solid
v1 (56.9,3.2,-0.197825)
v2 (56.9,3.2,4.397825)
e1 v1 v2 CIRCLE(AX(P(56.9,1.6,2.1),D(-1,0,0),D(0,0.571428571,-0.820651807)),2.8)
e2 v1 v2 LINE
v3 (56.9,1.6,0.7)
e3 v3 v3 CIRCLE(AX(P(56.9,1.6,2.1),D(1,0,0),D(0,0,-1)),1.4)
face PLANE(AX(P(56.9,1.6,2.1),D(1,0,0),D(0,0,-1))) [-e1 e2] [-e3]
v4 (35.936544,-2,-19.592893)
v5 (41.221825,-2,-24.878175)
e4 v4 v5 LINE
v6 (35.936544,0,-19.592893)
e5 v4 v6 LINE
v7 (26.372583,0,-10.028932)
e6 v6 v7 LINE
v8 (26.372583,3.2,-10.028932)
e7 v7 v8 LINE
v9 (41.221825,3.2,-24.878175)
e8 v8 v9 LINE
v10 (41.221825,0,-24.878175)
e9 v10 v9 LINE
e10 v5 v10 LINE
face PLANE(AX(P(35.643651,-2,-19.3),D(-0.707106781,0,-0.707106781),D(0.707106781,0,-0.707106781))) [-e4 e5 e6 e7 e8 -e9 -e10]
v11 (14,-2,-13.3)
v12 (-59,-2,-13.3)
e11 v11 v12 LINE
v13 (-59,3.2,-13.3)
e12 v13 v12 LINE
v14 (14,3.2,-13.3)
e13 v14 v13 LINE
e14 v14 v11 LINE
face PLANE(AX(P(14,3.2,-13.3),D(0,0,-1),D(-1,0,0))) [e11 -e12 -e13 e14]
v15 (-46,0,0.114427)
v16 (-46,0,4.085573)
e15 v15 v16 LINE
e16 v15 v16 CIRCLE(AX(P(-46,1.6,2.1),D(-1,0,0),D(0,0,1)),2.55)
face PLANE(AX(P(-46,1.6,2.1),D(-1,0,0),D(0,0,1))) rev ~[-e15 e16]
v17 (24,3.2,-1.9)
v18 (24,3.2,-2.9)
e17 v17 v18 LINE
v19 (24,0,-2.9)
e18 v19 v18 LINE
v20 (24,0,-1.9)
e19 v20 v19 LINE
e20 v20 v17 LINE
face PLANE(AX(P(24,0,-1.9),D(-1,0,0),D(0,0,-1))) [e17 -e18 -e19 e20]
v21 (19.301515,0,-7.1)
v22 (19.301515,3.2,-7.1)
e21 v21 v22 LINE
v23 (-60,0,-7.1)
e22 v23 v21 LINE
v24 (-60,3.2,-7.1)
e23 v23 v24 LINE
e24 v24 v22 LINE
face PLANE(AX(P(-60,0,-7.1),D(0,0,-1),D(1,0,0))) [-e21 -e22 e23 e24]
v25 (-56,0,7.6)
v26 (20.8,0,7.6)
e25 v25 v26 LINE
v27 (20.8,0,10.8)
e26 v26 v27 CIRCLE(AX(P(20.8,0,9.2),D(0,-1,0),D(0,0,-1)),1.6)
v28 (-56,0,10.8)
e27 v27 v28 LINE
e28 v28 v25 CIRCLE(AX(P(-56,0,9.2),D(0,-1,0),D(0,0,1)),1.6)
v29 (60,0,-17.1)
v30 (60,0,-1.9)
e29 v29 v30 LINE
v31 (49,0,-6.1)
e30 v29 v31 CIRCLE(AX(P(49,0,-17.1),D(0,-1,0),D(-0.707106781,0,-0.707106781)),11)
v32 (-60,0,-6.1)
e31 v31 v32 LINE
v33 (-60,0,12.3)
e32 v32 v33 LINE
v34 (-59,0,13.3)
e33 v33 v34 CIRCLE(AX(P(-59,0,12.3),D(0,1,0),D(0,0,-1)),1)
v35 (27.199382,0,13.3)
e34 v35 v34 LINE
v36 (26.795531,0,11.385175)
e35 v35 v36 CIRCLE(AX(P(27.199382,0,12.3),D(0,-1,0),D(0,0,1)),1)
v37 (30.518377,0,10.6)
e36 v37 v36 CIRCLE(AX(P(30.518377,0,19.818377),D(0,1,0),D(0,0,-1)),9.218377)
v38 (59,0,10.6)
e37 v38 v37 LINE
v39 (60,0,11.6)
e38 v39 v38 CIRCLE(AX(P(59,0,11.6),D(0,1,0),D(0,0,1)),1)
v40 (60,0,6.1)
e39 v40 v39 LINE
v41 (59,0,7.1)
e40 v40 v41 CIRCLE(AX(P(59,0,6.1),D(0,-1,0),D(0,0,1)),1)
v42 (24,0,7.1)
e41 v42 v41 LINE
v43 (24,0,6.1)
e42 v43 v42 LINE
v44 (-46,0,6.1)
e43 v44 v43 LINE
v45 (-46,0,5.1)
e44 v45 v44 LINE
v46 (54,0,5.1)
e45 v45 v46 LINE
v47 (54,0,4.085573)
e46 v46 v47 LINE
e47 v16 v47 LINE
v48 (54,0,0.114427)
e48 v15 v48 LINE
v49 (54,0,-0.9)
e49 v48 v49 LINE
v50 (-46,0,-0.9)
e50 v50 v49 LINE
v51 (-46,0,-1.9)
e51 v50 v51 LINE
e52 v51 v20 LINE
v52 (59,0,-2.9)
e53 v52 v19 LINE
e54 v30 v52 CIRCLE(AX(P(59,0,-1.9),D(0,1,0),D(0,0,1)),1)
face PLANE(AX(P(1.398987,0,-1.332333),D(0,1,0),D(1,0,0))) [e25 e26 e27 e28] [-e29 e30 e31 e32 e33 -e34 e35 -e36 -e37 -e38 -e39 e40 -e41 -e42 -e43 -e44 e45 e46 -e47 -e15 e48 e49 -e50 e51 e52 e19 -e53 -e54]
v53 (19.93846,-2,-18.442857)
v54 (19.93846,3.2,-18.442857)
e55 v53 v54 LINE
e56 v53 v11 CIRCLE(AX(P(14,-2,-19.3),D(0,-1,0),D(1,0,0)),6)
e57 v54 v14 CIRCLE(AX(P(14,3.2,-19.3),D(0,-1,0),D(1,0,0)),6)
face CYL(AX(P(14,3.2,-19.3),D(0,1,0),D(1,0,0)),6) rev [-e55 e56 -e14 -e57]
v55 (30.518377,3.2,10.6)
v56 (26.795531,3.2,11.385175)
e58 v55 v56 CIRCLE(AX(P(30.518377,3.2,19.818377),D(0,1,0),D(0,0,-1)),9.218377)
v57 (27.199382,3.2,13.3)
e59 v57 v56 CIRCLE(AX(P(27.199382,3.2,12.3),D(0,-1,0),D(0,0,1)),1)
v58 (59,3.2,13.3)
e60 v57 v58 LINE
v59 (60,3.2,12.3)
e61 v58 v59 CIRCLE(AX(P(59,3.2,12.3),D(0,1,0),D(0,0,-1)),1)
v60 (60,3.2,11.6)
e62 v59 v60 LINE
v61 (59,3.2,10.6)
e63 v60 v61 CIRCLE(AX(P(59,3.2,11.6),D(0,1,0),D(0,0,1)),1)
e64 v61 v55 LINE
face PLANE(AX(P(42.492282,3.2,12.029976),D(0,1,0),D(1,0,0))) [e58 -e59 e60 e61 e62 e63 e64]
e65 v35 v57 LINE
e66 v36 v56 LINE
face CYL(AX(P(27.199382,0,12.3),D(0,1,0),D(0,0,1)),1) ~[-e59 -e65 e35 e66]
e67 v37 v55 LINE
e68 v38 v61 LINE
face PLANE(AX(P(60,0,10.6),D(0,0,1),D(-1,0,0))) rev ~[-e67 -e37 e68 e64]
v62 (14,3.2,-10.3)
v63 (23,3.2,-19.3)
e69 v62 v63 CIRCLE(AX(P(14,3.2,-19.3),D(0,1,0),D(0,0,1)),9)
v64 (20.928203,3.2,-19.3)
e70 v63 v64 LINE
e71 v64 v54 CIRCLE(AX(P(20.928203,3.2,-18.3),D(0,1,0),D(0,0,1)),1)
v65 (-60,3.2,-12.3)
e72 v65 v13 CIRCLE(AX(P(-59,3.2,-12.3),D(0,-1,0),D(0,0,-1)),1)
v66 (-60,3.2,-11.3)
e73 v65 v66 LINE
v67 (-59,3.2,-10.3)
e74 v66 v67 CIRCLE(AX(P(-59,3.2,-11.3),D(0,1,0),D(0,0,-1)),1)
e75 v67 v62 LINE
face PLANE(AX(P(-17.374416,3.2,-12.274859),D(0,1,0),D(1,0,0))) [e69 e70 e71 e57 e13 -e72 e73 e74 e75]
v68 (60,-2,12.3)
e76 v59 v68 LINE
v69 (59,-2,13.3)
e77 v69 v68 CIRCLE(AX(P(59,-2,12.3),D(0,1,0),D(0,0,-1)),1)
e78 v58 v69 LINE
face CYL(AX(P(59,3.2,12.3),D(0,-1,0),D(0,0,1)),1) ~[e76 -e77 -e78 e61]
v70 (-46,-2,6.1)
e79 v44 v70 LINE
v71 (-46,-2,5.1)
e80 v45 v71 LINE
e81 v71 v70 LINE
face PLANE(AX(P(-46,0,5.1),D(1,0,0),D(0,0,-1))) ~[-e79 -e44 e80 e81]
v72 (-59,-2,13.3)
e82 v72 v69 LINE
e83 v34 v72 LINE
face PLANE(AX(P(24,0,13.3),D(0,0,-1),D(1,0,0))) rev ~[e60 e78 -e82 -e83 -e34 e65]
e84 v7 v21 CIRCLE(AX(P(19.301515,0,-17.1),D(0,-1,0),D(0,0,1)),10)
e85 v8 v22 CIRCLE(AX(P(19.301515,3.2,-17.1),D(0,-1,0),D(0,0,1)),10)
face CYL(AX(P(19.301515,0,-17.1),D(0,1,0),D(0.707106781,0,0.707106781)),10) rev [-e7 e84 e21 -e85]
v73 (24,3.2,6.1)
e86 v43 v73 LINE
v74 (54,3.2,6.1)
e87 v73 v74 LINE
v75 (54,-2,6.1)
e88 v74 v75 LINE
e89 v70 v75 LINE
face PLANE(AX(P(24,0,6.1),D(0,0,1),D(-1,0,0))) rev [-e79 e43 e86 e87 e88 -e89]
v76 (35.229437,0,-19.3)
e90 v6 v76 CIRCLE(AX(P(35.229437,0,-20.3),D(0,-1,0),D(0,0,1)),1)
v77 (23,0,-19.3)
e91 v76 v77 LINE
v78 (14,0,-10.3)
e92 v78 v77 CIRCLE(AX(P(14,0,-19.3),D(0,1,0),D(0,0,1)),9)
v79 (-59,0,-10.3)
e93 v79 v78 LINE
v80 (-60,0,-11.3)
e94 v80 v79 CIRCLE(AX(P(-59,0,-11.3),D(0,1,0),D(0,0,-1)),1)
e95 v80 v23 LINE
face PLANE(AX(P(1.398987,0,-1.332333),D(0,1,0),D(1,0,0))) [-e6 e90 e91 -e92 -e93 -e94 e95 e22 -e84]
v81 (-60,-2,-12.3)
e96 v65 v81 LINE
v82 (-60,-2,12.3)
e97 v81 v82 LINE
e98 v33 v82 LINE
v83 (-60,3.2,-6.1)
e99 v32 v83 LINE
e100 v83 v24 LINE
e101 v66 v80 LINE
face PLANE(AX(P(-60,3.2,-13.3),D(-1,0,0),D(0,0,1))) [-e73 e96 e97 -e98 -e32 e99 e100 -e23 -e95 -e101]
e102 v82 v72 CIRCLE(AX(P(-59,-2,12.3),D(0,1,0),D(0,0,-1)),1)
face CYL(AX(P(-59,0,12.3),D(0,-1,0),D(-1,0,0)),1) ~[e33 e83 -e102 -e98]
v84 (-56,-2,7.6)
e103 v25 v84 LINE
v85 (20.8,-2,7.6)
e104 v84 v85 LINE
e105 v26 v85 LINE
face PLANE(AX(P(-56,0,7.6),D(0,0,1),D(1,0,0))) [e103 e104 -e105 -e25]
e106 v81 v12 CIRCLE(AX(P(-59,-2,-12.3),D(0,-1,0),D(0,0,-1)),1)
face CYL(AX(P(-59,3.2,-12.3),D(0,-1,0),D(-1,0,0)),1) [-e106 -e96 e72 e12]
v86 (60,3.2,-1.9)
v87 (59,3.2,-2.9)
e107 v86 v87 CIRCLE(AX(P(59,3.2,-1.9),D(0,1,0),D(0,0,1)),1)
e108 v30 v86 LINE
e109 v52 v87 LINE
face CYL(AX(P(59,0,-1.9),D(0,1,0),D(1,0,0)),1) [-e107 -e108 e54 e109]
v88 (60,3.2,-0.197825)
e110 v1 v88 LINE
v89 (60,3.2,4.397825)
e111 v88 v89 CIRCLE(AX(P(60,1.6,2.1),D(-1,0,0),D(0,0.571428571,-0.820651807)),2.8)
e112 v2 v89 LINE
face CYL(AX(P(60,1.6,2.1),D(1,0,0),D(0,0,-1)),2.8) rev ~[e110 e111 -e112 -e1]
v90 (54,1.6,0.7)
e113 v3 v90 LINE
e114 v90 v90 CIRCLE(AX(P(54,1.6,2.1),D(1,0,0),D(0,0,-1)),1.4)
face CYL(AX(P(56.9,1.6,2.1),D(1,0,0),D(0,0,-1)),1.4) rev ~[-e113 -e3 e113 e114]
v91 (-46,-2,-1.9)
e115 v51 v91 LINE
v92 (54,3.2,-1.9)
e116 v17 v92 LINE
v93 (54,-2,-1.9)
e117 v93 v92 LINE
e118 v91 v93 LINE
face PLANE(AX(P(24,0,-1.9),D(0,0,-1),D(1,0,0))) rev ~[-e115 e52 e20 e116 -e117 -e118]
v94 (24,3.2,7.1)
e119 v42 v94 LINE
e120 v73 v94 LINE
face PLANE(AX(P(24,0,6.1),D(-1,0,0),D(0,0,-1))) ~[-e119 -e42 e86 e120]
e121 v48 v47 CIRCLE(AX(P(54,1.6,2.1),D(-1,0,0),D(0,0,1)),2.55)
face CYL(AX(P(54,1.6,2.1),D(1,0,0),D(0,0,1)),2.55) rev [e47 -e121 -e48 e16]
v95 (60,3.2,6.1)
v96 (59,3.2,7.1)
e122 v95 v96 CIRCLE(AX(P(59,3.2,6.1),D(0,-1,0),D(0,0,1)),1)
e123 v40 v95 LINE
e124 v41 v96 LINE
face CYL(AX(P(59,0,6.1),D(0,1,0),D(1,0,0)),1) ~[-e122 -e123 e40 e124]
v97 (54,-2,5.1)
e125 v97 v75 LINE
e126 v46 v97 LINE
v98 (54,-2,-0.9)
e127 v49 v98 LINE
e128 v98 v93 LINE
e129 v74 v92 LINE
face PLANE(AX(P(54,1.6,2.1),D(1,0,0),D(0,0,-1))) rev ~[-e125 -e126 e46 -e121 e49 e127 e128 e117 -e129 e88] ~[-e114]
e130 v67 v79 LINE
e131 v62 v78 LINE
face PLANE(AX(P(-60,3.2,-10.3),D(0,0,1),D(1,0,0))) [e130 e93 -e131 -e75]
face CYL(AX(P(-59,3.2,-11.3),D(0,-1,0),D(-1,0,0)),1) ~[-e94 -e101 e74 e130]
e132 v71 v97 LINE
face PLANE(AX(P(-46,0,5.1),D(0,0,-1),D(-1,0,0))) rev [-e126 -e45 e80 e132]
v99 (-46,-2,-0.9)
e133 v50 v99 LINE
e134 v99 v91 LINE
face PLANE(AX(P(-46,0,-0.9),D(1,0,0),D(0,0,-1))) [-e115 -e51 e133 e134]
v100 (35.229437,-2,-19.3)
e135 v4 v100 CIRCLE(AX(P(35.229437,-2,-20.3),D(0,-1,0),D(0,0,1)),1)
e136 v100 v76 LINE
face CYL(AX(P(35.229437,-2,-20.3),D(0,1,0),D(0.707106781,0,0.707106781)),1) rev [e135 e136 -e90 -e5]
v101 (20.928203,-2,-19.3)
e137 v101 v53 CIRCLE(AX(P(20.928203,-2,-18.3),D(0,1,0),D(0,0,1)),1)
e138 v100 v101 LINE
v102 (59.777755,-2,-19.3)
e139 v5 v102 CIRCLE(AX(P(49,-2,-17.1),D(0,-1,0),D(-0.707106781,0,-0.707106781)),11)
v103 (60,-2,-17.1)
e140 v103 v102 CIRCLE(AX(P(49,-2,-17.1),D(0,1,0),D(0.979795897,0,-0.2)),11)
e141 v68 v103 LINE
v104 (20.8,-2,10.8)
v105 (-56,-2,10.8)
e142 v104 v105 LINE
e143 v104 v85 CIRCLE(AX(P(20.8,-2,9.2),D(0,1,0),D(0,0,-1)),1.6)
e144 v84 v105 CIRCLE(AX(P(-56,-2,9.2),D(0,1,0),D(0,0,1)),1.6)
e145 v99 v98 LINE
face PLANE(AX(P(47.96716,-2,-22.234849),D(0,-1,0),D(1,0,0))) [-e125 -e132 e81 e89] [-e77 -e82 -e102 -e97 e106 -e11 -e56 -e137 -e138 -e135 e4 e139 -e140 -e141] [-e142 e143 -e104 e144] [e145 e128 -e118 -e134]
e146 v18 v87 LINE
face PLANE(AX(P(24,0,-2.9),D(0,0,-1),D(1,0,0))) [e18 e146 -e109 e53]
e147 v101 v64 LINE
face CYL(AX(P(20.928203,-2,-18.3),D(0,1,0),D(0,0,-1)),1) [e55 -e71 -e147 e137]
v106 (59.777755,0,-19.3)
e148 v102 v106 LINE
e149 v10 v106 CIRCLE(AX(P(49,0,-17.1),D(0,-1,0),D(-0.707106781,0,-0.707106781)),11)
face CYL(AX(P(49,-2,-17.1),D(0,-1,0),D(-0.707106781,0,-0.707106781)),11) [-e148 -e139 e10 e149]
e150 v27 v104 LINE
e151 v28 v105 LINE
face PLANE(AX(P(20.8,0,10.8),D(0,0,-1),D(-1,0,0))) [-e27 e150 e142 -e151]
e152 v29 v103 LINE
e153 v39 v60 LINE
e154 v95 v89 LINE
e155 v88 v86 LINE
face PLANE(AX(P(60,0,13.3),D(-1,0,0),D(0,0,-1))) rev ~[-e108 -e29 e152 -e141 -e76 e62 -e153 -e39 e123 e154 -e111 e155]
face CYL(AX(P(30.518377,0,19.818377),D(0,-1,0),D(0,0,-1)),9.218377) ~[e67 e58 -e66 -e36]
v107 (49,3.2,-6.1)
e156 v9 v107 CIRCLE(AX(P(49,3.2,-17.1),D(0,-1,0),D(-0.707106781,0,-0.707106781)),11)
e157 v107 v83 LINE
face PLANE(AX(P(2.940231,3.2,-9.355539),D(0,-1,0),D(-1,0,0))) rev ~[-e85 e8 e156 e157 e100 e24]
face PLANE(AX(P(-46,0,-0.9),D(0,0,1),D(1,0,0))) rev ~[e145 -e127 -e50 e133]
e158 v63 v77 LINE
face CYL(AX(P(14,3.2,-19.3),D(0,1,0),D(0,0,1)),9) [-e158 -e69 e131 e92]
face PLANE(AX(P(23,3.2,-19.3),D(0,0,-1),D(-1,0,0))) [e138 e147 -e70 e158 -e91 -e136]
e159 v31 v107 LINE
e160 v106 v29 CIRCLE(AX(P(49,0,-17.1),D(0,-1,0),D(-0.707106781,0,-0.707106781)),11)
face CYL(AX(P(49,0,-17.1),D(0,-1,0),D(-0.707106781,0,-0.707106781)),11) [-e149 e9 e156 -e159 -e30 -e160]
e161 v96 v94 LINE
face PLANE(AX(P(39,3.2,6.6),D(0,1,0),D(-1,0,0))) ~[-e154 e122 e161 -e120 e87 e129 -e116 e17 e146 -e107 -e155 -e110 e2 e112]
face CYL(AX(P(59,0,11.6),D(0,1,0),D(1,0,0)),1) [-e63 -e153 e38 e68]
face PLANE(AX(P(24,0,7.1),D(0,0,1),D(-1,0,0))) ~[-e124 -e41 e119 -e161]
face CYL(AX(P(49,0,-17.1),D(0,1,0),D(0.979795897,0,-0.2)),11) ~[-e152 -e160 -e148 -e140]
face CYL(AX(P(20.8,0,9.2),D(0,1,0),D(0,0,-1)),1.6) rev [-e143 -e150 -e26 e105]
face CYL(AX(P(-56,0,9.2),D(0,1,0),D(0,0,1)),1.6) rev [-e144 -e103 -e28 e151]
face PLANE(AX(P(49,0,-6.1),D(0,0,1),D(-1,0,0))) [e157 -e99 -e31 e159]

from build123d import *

# Parameters (mm, degrees)
BOSS_EXTRUDE2_DEPTH = 2
BOSS_EXTRUDE3_DEPTH = 3.2
BOSS_EXTRUDE4_START = 3.2
BOSS_EXTRUDE4_DEPTH = 3.2
SKETCH9_W           = 10
SKETCH9_H           = 3.2
BOSS_EXTRUDE5_DEPTH = 6
SKETCH8_R           = 2.8
CUT_EXTRUDE1_DEPTH  = 3.1
SKETCH10_R          = 1.4
CUT_EXTRUDE2_DEPTH  = 121.272440734
SKETCH11_R          = 2.55
CUT_EXTRUDE3_DEPTH  = 100
SKETCH12_W          = 30
SKETCH12_H          = 1
BOSS_EXTRUDE6_DEPTH = 3.2
SKETCH13_W          = 100
SKETCH13_H          = 1
CUT_EXTRUDE4_DEPTH  = 67.33136513
BOSS_EXTRUDE7_DEPTH = 3.2
CUT_EXTRUDE5_DEPTH  = 67.33136513
FILLET1_R           = 10
BOSS_EXTRUDE8_START = 2
BOSS_EXTRUDE8_DEPTH = 2
CUT_EXTRUDE6_DEPTH  = 67.33136513
FILLET2_R           = 1


with BuildPart() as part:
    # Sketch4 → Boss-Extrude2 (new body)
    with BuildSketch(Plane(origin=(0, 0, 0), x_dir=(1, 0, 0), z_dir=(0, 1, 0))):
        with BuildLine():
            Line((-60, -13.3), (60, -13.3))
            Line((60, -13.3), (60, 19.3))
            Line((60, 19.3), (20, 19.3))
            ThreePointArc((20, 19.3), (18.242640687, 15.057359313), (14, 13.3))
            Line((14, 13.3), (-60, 13.3))
            Line((-60, 13.3), (-60, -13.3))
        make_face()
    extrude(amount=-BOSS_EXTRUDE2_DEPTH)

    # Sketch5 → Boss-Extrude3 (add)
    with BuildSketch(Plane(origin=(0, 0, 0), x_dir=(1, 0, 0), z_dir=(0, 1, 0))):
        with BuildLine():
            Line((23.443650814, 7.1), (41.221825407, 24.878174593))
            ThreePointArc((41.221825407, 24.878174593), (59.162674858, 21.309517756), (49, 6.1))
            Line((49, 6.1), (-60, 6.1))
            Line((-60, 6.1), (-60, 7.1))
            Line((-60, 7.1), (23.443650814, 7.1))
        make_face()
    extrude(amount=BOSS_EXTRUDE3_DEPTH)

    # Sketch6 → Boss-Extrude4 (add)
    with BuildSketch(Plane(origin=(0, 0, 0), x_dir=(1, 0, 0), z_dir=(0, 1, 0)).offset(BOSS_EXTRUDE4_START)):
        with BuildLine():
            Line((-60, 10.3), (14, 10.3))
            ThreePointArc((14, 10.3), (20.363961031, 12.936038969), (23, 19.3))
            Line((23, 19.3), (20, 19.3))
            ThreePointArc((20, 19.3), (18.242640687, 15.057359313), (14, 13.3))
            Line((14, 13.3), (-60, 13.3))
            Line((-60, 13.3), (-60, 10.3))
        make_face()
    extrude(amount=-BOSS_EXTRUDE4_DEPTH)

    # Sketch9 → Boss-Extrude5 (add)
    with BuildSketch(Plane(origin=(60, 0, 0), x_dir=(0, 0, -1), z_dir=(1, 0, 0))):
        with Locations((-2.1, 1.6)):
            Rectangle(SKETCH9_W, SKETCH9_H)
    extrude(amount=-BOSS_EXTRUDE5_DEPTH)

    # Sketch8 → Cut-Extrude1 (cut)
    with BuildSketch(Plane(origin=(60, 0, 0), x_dir=(0, 0, -1), z_dir=(1, 0, 0))):
        with Locations((-2.1, 1.6)):
            Circle(SKETCH8_R)
    extrude(amount=-CUT_EXTRUDE1_DEPTH, mode=Mode.SUBTRACT)

    # Sketch10 → Cut-Extrude2 (cut, through all)
    with BuildSketch(Plane(origin=(56.9, 0, 0), x_dir=(0, 0, -1), z_dir=(1, 0, 0))):
        with Locations((-2.1, 1.6)):
            Circle(SKETCH10_R)
    extrude(amount=-CUT_EXTRUDE2_DEPTH, mode=Mode.SUBTRACT)

    # Sketch11 → Cut-Extrude3 (cut)
    with BuildSketch(Plane.ZY.offset(-54)):
        with Locations((2.1, 1.6)):
            Circle(SKETCH11_R)
    extrude(amount=CUT_EXTRUDE3_DEPTH, mode=Mode.SUBTRACT)

    # Sketch12 → Boss-Extrude6 (add)
    with BuildSketch(Plane(origin=(0, 0, 0), x_dir=(1, 0, 0), z_dir=(0, 1, 0))):
        with Locations((39, 2.4)):
            Rectangle(SKETCH12_W, SKETCH12_H)
    boss_extrude6 = extrude(amount=BOSS_EXTRUDE6_DEPTH)

    # Sketch13 → Cut-Extrude4 (cut, through all)
    with BuildSketch(Plane(origin=(0, 0, 0), x_dir=(1, 0, 0), z_dir=(0, 1, 0))):
        with Locations((4, 1.4)):
            Rectangle(SKETCH13_W, SKETCH13_H)
    cut_extrude4 = extrude(amount=-CUT_EXTRUDE4_DEPTH, mode=Mode.SUBTRACT)

    # Mirror1: Boss-Extrude6, Cut-Extrude4 across plane
    add(boss_extrude6.mirror(Plane.XY.offset(2.1)))
    add(cut_extrude4.mirror(Plane.XY.offset(2.1)), mode=Mode.SUBTRACT)

    # Sketch14 → Boss-Extrude7 (add)
    with BuildSketch(Plane(origin=(0, 0, 0), x_dir=(1, 0, 0), z_dir=(0, 1, 0))):
        with BuildLine():
            Line((60, -10.6), (30.518376618, -10.6))
            ThreePointArc((30.518376618, -10.6), (26.990656613, -11.301707138), (24, -13.3))
            Line((24, -13.3), (60, -13.3))
            Line((60, -13.3), (60, -10.6))
        make_face()
    extrude(amount=BOSS_EXTRUDE7_DEPTH)

    # Sketch15 → Cut-Extrude5 (cut, through all)
    with BuildSketch(Plane(origin=(0, 0, 0), x_dir=(1, 0, 0), z_dir=(0, 1, 0))):
        with BuildLine():
            Line((-56, -7.6), (20.8, -7.6))
            ThreePointArc((20.8, -7.6), (22.4, -9.2), (20.8, -10.8))
            Line((20.8, -10.8), (-56, -10.8))
            ThreePointArc((-56, -10.8), (-57.6, -9.2), (-56, -7.6))
        make_face()
    extrude(amount=-CUT_EXTRUDE5_DEPTH, mode=Mode.SUBTRACT)

    # Fillet1
    fillet1_edges = [part.edges().sort_by_distance(p)[0] for p in [
        (23.443650814, 1.6, -7.1),
    ]]
    fillet(fillet1_edges, radius=FILLET1_R)

    # Sketch16 → Boss-Extrude8 (add)
    with BuildSketch(Plane.XZ.offset(BOSS_EXTRUDE8_START)):
        with BuildLine():
            Line((59.777754868, -19.3), (35.643650814, -19.3))
            Line((35.643650814, -19.3), (41.221825407, -24.878174593))
            ThreePointArc((41.221825407, -24.878174593), (52.166761501, -27.634306887), (59.777754868, -19.3))
        make_face()
    extrude(amount=-BOSS_EXTRUDE8_DEPTH)

    # Sketch17 → Cut-Extrude6 (cut, through all)
    with BuildSketch(Plane(origin=(0, 0, 0), x_dir=(1, 0, 0), z_dir=(0, 1, 0))):
        with BuildLine():
            Line((60, 17.1), (60, 19.3))
            Line((60, 19.3), (59.777754868, 19.3))
            ThreePointArc((59.777754868, 19.3), (59.944297683, 18.205598582), (60, 17.1))
        make_face()
    extrude(amount=-CUT_EXTRUDE6_DEPTH, mode=Mode.SUBTRACT)

    # Fillet2
    fillet2_edges = [part.edges().sort_by_distance(p)[0] for p in [
        (-60, 0.6, -13.3),
        (20, 0.6, -19.3),
        (60, 0.6, 13.3),
        (-60, -1, 13.3),
        (60, 1.6, 10.6),
        (24, 1.6, 13.3),
        (35.643650814, -1, -19.3),
        (-60, 1.6, -10.3),
        (60, 1.6, -2.9),
        (60, 1.6, 7.1),
    ]]
    fillet(fillet2_edges, radius=FILLET2_R)


solid = part.part
